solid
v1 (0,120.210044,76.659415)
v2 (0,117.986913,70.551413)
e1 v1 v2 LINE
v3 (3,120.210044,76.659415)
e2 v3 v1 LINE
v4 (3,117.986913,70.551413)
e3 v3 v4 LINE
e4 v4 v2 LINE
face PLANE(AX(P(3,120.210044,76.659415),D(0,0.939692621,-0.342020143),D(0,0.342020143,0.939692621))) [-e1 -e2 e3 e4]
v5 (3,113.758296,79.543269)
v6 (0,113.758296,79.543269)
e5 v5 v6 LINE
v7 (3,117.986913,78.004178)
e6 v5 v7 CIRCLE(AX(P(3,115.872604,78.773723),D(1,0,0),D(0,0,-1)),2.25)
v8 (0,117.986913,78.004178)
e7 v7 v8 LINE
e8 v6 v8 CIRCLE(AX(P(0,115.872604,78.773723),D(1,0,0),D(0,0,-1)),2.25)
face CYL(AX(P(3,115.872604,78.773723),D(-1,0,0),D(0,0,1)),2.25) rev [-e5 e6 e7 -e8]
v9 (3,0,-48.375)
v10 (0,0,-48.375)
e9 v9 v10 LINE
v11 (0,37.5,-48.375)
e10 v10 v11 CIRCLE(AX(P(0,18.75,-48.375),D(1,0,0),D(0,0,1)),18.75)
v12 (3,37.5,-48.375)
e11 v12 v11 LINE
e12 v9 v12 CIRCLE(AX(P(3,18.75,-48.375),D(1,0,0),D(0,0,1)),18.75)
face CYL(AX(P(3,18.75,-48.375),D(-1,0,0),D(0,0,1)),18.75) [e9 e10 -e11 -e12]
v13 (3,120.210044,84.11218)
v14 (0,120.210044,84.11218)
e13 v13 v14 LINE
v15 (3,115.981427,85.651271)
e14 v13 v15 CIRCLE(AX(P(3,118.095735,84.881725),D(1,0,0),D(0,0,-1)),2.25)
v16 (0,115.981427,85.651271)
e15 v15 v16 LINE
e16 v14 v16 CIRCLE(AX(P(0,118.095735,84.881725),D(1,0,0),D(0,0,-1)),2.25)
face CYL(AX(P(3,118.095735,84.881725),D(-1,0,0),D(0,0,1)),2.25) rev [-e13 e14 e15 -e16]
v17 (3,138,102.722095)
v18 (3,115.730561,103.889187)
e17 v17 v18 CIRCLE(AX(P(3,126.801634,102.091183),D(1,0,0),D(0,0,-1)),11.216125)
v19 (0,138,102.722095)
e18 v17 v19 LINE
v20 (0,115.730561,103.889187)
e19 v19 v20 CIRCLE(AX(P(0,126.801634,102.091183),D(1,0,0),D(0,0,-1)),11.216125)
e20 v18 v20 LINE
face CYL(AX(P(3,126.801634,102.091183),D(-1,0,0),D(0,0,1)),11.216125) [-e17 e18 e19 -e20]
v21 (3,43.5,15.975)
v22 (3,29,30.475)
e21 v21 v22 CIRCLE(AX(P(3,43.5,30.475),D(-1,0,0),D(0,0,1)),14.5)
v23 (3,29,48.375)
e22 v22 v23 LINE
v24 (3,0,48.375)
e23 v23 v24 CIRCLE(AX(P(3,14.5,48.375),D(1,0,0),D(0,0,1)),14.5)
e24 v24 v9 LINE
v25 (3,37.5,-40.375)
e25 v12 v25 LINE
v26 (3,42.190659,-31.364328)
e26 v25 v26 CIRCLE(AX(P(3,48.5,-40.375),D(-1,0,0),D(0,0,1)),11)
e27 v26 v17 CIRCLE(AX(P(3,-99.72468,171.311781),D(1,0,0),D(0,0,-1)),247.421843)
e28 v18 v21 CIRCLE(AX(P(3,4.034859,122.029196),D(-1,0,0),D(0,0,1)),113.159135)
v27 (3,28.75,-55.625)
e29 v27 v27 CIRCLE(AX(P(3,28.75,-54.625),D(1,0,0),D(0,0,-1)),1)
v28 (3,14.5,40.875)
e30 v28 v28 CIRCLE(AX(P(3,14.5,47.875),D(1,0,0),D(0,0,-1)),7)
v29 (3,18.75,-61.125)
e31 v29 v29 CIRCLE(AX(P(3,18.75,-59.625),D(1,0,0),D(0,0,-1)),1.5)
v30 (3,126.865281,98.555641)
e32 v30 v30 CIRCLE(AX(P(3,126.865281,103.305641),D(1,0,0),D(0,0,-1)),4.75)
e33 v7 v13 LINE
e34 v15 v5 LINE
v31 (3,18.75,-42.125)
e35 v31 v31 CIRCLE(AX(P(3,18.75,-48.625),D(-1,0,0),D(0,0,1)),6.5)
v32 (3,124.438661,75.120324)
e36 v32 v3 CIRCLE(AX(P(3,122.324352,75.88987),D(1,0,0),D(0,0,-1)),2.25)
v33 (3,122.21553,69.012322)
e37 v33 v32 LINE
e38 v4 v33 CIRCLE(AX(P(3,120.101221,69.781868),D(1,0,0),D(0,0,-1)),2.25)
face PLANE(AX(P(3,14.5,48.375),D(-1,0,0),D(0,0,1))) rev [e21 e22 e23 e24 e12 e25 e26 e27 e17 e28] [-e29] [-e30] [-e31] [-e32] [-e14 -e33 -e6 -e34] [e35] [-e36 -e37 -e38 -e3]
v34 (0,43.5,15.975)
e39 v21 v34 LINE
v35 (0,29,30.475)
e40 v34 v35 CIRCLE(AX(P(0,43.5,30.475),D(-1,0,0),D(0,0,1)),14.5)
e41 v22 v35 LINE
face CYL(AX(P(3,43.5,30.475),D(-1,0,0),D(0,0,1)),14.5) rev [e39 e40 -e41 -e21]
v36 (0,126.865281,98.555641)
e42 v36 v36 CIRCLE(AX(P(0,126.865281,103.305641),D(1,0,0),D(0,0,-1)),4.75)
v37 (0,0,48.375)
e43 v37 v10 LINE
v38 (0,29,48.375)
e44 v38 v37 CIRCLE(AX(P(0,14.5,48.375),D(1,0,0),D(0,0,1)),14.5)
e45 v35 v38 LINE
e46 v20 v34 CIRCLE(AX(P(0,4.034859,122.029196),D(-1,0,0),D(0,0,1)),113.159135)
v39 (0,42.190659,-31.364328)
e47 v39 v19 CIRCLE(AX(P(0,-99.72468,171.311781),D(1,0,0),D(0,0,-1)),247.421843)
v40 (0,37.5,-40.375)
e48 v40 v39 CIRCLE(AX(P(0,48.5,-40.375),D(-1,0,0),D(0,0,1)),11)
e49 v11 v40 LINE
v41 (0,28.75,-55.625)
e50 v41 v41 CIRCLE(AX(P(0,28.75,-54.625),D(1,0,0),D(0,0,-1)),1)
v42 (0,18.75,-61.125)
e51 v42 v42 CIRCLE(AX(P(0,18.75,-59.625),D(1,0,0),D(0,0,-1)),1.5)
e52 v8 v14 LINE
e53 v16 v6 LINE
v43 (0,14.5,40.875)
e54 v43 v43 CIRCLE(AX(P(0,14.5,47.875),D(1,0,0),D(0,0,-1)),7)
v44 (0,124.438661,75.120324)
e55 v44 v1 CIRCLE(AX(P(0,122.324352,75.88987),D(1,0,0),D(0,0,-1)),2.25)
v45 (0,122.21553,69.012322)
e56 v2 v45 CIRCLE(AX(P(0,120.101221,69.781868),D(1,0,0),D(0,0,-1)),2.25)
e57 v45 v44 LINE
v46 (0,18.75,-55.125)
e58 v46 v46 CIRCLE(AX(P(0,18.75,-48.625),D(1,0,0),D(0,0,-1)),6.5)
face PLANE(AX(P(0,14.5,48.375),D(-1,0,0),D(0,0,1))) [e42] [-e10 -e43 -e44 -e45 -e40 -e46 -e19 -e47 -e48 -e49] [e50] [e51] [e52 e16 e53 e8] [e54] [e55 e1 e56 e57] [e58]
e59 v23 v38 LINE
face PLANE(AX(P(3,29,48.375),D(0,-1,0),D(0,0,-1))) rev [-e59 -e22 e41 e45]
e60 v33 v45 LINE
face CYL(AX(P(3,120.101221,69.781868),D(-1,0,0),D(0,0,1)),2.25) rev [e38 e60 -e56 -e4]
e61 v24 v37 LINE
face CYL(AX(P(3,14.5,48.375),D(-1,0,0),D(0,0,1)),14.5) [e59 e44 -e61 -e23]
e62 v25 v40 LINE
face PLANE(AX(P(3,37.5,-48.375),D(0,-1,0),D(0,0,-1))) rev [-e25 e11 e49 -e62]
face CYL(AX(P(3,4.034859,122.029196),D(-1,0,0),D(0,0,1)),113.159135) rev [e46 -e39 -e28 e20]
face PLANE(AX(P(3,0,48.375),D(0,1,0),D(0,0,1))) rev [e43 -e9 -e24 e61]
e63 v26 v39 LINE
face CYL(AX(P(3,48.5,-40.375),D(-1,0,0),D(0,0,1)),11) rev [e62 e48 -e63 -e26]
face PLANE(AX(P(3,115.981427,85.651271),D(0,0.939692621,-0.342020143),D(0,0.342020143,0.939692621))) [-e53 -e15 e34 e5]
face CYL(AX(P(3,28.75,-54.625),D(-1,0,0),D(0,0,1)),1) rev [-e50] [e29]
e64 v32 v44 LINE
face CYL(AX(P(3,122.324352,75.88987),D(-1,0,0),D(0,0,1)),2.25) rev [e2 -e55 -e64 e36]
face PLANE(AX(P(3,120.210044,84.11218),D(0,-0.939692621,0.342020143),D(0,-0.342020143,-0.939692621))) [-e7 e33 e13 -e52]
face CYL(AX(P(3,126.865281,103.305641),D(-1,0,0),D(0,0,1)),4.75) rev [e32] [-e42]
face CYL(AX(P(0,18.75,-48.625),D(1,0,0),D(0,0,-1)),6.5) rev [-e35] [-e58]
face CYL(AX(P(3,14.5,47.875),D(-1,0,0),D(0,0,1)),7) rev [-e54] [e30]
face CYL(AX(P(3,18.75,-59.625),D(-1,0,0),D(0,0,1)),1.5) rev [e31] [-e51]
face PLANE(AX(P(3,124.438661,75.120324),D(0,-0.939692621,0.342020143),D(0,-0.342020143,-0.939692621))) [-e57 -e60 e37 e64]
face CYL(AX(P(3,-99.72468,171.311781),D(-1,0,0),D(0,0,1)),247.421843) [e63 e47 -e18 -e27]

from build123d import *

# Parameters (mm, degrees)
SKETCH1_R               = 1.5
SKETCH1_R_2             = 1
SKETCH1_R_3             = 7
SKETCH1_R_4             = 4.75
BOSS_EXTRUDE1_DEPTH     = 3
CUT_EXTRUDE1_DEPTH      = 179.582042719
CUT_EXTRUDE1_DEPTH_BACK = 179.582042719
SKETCH2_R               = 6.5


with BuildPart() as part:
    # Sketch1 → Boss-Extrude1 (new body)
    with BuildSketch(Plane(origin=(0, 0, 0), x_dir=(0, 0, -1), z_dir=(1, 0, 0))):
        with BuildLine():
            Line((-48.375, 0), (48.375, 0))
            ThreePointArc((48.375, 0), (67.125, 18.75), (48.375, 37.5))
            Line((48.375, 37.5), (40.375, 37.5))
            ThreePointArc((40.375, 37.5), (35.295765254, 38.742880835), (31.364327513, 42.1906592))
            ThreePointArc((31.364327513, 42.1906592), (-27.467628368, 101.587088748), (-102.722095146, 138))
            ThreePointArc((-102.722095146, 138), (-113.291936406, 127.38864025), (-103.88918697, 115.730561375))
            ThreePointArc((-103.88918697, 115.730561375), (-50.193524878, 91.468412174), (-15.975, 43.5))
            ThreePointArc((-15.975, 43.5), (-20.221951673, 33.246951673), (-30.475, 29))
            Line((-30.475, 29), (-48.375, 29))
            ThreePointArc((-48.375, 29), (-62.875, 14.5), (-48.375, 0))
        make_face()
        with Locations((59.625, 18.75)):
            Circle(SKETCH1_R, mode=Mode.SUBTRACT)
        with Locations((54.625, 28.75)):
            Circle(SKETCH1_R_2, mode=Mode.SUBTRACT)
        with Locations((-47.875, 14.5)):
            Circle(SKETCH1_R_3, mode=Mode.SUBTRACT)
        with Locations((-103.305641058, 126.865280687)):
            Circle(SKETCH1_R_4, mode=Mode.SUBTRACT)
        with BuildLine():
            Line((46.625, 23.25), (48.625, 23.25))
            ThreePointArc((48.625, 23.25), (53.125, 18.75), (48.625, 14.25))
            Line((48.625, 14.25), (46.625, 14.25))
            ThreePointArc((46.625, 14.25), (42.125, 18.75), (46.625, 23.25))
        make_face(mode=Mode.SUBTRACT)
        with BuildLine():
            Line((-84.112179989, 120.210043762), (-78.004177954, 117.98691283))
            ThreePointArc((-78.004177954, 117.98691283), (-76.659414879, 115.103059111), (-79.543268599, 113.758296037))
            Line((-79.543268599, 113.758296037), (-85.651270634, 115.981426968))
            ThreePointArc((-85.651270634, 115.981426968), (-86.996033708, 118.865280687), (-84.112179989, 120.210043762))
        make_face(mode=Mode.SUBTRACT)
        with BuildLine():
            Line((-75.120324234, 124.438660555), (-69.012322199, 122.215529624))
            ThreePointArc((-69.012322199, 122.215529624), (-67.667559125, 119.331675904), (-70.551412844, 117.98691283))
            Line((-70.551412844, 117.98691283), (-76.659414879, 120.210043762))
            ThreePointArc((-76.659414879, 120.210043762), (-78.004177954, 123.093897481), (-75.120324234, 124.438660555))
        make_face(mode=Mode.SUBTRACT)
    extrude(amount=BOSS_EXTRUDE1_DEPTH)

    # Sketch2 → Cut-Extrude1 (cut, two sides: drawn at the far end of the back side and taken through both)
    with BuildSketch(Plane(origin=(3, 0, 0), x_dir=(0, 0, -1), z_dir=(1, 0, 0)).offset(-CUT_EXTRUDE1_DEPTH_BACK)):
        with Locations((48.625, 18.75)):
            Circle(SKETCH2_R)
    extrude(amount=CUT_EXTRUDE1_DEPTH + CUT_EXTRUDE1_DEPTH_BACK, mode=Mode.SUBTRACT)


solid = part.part
